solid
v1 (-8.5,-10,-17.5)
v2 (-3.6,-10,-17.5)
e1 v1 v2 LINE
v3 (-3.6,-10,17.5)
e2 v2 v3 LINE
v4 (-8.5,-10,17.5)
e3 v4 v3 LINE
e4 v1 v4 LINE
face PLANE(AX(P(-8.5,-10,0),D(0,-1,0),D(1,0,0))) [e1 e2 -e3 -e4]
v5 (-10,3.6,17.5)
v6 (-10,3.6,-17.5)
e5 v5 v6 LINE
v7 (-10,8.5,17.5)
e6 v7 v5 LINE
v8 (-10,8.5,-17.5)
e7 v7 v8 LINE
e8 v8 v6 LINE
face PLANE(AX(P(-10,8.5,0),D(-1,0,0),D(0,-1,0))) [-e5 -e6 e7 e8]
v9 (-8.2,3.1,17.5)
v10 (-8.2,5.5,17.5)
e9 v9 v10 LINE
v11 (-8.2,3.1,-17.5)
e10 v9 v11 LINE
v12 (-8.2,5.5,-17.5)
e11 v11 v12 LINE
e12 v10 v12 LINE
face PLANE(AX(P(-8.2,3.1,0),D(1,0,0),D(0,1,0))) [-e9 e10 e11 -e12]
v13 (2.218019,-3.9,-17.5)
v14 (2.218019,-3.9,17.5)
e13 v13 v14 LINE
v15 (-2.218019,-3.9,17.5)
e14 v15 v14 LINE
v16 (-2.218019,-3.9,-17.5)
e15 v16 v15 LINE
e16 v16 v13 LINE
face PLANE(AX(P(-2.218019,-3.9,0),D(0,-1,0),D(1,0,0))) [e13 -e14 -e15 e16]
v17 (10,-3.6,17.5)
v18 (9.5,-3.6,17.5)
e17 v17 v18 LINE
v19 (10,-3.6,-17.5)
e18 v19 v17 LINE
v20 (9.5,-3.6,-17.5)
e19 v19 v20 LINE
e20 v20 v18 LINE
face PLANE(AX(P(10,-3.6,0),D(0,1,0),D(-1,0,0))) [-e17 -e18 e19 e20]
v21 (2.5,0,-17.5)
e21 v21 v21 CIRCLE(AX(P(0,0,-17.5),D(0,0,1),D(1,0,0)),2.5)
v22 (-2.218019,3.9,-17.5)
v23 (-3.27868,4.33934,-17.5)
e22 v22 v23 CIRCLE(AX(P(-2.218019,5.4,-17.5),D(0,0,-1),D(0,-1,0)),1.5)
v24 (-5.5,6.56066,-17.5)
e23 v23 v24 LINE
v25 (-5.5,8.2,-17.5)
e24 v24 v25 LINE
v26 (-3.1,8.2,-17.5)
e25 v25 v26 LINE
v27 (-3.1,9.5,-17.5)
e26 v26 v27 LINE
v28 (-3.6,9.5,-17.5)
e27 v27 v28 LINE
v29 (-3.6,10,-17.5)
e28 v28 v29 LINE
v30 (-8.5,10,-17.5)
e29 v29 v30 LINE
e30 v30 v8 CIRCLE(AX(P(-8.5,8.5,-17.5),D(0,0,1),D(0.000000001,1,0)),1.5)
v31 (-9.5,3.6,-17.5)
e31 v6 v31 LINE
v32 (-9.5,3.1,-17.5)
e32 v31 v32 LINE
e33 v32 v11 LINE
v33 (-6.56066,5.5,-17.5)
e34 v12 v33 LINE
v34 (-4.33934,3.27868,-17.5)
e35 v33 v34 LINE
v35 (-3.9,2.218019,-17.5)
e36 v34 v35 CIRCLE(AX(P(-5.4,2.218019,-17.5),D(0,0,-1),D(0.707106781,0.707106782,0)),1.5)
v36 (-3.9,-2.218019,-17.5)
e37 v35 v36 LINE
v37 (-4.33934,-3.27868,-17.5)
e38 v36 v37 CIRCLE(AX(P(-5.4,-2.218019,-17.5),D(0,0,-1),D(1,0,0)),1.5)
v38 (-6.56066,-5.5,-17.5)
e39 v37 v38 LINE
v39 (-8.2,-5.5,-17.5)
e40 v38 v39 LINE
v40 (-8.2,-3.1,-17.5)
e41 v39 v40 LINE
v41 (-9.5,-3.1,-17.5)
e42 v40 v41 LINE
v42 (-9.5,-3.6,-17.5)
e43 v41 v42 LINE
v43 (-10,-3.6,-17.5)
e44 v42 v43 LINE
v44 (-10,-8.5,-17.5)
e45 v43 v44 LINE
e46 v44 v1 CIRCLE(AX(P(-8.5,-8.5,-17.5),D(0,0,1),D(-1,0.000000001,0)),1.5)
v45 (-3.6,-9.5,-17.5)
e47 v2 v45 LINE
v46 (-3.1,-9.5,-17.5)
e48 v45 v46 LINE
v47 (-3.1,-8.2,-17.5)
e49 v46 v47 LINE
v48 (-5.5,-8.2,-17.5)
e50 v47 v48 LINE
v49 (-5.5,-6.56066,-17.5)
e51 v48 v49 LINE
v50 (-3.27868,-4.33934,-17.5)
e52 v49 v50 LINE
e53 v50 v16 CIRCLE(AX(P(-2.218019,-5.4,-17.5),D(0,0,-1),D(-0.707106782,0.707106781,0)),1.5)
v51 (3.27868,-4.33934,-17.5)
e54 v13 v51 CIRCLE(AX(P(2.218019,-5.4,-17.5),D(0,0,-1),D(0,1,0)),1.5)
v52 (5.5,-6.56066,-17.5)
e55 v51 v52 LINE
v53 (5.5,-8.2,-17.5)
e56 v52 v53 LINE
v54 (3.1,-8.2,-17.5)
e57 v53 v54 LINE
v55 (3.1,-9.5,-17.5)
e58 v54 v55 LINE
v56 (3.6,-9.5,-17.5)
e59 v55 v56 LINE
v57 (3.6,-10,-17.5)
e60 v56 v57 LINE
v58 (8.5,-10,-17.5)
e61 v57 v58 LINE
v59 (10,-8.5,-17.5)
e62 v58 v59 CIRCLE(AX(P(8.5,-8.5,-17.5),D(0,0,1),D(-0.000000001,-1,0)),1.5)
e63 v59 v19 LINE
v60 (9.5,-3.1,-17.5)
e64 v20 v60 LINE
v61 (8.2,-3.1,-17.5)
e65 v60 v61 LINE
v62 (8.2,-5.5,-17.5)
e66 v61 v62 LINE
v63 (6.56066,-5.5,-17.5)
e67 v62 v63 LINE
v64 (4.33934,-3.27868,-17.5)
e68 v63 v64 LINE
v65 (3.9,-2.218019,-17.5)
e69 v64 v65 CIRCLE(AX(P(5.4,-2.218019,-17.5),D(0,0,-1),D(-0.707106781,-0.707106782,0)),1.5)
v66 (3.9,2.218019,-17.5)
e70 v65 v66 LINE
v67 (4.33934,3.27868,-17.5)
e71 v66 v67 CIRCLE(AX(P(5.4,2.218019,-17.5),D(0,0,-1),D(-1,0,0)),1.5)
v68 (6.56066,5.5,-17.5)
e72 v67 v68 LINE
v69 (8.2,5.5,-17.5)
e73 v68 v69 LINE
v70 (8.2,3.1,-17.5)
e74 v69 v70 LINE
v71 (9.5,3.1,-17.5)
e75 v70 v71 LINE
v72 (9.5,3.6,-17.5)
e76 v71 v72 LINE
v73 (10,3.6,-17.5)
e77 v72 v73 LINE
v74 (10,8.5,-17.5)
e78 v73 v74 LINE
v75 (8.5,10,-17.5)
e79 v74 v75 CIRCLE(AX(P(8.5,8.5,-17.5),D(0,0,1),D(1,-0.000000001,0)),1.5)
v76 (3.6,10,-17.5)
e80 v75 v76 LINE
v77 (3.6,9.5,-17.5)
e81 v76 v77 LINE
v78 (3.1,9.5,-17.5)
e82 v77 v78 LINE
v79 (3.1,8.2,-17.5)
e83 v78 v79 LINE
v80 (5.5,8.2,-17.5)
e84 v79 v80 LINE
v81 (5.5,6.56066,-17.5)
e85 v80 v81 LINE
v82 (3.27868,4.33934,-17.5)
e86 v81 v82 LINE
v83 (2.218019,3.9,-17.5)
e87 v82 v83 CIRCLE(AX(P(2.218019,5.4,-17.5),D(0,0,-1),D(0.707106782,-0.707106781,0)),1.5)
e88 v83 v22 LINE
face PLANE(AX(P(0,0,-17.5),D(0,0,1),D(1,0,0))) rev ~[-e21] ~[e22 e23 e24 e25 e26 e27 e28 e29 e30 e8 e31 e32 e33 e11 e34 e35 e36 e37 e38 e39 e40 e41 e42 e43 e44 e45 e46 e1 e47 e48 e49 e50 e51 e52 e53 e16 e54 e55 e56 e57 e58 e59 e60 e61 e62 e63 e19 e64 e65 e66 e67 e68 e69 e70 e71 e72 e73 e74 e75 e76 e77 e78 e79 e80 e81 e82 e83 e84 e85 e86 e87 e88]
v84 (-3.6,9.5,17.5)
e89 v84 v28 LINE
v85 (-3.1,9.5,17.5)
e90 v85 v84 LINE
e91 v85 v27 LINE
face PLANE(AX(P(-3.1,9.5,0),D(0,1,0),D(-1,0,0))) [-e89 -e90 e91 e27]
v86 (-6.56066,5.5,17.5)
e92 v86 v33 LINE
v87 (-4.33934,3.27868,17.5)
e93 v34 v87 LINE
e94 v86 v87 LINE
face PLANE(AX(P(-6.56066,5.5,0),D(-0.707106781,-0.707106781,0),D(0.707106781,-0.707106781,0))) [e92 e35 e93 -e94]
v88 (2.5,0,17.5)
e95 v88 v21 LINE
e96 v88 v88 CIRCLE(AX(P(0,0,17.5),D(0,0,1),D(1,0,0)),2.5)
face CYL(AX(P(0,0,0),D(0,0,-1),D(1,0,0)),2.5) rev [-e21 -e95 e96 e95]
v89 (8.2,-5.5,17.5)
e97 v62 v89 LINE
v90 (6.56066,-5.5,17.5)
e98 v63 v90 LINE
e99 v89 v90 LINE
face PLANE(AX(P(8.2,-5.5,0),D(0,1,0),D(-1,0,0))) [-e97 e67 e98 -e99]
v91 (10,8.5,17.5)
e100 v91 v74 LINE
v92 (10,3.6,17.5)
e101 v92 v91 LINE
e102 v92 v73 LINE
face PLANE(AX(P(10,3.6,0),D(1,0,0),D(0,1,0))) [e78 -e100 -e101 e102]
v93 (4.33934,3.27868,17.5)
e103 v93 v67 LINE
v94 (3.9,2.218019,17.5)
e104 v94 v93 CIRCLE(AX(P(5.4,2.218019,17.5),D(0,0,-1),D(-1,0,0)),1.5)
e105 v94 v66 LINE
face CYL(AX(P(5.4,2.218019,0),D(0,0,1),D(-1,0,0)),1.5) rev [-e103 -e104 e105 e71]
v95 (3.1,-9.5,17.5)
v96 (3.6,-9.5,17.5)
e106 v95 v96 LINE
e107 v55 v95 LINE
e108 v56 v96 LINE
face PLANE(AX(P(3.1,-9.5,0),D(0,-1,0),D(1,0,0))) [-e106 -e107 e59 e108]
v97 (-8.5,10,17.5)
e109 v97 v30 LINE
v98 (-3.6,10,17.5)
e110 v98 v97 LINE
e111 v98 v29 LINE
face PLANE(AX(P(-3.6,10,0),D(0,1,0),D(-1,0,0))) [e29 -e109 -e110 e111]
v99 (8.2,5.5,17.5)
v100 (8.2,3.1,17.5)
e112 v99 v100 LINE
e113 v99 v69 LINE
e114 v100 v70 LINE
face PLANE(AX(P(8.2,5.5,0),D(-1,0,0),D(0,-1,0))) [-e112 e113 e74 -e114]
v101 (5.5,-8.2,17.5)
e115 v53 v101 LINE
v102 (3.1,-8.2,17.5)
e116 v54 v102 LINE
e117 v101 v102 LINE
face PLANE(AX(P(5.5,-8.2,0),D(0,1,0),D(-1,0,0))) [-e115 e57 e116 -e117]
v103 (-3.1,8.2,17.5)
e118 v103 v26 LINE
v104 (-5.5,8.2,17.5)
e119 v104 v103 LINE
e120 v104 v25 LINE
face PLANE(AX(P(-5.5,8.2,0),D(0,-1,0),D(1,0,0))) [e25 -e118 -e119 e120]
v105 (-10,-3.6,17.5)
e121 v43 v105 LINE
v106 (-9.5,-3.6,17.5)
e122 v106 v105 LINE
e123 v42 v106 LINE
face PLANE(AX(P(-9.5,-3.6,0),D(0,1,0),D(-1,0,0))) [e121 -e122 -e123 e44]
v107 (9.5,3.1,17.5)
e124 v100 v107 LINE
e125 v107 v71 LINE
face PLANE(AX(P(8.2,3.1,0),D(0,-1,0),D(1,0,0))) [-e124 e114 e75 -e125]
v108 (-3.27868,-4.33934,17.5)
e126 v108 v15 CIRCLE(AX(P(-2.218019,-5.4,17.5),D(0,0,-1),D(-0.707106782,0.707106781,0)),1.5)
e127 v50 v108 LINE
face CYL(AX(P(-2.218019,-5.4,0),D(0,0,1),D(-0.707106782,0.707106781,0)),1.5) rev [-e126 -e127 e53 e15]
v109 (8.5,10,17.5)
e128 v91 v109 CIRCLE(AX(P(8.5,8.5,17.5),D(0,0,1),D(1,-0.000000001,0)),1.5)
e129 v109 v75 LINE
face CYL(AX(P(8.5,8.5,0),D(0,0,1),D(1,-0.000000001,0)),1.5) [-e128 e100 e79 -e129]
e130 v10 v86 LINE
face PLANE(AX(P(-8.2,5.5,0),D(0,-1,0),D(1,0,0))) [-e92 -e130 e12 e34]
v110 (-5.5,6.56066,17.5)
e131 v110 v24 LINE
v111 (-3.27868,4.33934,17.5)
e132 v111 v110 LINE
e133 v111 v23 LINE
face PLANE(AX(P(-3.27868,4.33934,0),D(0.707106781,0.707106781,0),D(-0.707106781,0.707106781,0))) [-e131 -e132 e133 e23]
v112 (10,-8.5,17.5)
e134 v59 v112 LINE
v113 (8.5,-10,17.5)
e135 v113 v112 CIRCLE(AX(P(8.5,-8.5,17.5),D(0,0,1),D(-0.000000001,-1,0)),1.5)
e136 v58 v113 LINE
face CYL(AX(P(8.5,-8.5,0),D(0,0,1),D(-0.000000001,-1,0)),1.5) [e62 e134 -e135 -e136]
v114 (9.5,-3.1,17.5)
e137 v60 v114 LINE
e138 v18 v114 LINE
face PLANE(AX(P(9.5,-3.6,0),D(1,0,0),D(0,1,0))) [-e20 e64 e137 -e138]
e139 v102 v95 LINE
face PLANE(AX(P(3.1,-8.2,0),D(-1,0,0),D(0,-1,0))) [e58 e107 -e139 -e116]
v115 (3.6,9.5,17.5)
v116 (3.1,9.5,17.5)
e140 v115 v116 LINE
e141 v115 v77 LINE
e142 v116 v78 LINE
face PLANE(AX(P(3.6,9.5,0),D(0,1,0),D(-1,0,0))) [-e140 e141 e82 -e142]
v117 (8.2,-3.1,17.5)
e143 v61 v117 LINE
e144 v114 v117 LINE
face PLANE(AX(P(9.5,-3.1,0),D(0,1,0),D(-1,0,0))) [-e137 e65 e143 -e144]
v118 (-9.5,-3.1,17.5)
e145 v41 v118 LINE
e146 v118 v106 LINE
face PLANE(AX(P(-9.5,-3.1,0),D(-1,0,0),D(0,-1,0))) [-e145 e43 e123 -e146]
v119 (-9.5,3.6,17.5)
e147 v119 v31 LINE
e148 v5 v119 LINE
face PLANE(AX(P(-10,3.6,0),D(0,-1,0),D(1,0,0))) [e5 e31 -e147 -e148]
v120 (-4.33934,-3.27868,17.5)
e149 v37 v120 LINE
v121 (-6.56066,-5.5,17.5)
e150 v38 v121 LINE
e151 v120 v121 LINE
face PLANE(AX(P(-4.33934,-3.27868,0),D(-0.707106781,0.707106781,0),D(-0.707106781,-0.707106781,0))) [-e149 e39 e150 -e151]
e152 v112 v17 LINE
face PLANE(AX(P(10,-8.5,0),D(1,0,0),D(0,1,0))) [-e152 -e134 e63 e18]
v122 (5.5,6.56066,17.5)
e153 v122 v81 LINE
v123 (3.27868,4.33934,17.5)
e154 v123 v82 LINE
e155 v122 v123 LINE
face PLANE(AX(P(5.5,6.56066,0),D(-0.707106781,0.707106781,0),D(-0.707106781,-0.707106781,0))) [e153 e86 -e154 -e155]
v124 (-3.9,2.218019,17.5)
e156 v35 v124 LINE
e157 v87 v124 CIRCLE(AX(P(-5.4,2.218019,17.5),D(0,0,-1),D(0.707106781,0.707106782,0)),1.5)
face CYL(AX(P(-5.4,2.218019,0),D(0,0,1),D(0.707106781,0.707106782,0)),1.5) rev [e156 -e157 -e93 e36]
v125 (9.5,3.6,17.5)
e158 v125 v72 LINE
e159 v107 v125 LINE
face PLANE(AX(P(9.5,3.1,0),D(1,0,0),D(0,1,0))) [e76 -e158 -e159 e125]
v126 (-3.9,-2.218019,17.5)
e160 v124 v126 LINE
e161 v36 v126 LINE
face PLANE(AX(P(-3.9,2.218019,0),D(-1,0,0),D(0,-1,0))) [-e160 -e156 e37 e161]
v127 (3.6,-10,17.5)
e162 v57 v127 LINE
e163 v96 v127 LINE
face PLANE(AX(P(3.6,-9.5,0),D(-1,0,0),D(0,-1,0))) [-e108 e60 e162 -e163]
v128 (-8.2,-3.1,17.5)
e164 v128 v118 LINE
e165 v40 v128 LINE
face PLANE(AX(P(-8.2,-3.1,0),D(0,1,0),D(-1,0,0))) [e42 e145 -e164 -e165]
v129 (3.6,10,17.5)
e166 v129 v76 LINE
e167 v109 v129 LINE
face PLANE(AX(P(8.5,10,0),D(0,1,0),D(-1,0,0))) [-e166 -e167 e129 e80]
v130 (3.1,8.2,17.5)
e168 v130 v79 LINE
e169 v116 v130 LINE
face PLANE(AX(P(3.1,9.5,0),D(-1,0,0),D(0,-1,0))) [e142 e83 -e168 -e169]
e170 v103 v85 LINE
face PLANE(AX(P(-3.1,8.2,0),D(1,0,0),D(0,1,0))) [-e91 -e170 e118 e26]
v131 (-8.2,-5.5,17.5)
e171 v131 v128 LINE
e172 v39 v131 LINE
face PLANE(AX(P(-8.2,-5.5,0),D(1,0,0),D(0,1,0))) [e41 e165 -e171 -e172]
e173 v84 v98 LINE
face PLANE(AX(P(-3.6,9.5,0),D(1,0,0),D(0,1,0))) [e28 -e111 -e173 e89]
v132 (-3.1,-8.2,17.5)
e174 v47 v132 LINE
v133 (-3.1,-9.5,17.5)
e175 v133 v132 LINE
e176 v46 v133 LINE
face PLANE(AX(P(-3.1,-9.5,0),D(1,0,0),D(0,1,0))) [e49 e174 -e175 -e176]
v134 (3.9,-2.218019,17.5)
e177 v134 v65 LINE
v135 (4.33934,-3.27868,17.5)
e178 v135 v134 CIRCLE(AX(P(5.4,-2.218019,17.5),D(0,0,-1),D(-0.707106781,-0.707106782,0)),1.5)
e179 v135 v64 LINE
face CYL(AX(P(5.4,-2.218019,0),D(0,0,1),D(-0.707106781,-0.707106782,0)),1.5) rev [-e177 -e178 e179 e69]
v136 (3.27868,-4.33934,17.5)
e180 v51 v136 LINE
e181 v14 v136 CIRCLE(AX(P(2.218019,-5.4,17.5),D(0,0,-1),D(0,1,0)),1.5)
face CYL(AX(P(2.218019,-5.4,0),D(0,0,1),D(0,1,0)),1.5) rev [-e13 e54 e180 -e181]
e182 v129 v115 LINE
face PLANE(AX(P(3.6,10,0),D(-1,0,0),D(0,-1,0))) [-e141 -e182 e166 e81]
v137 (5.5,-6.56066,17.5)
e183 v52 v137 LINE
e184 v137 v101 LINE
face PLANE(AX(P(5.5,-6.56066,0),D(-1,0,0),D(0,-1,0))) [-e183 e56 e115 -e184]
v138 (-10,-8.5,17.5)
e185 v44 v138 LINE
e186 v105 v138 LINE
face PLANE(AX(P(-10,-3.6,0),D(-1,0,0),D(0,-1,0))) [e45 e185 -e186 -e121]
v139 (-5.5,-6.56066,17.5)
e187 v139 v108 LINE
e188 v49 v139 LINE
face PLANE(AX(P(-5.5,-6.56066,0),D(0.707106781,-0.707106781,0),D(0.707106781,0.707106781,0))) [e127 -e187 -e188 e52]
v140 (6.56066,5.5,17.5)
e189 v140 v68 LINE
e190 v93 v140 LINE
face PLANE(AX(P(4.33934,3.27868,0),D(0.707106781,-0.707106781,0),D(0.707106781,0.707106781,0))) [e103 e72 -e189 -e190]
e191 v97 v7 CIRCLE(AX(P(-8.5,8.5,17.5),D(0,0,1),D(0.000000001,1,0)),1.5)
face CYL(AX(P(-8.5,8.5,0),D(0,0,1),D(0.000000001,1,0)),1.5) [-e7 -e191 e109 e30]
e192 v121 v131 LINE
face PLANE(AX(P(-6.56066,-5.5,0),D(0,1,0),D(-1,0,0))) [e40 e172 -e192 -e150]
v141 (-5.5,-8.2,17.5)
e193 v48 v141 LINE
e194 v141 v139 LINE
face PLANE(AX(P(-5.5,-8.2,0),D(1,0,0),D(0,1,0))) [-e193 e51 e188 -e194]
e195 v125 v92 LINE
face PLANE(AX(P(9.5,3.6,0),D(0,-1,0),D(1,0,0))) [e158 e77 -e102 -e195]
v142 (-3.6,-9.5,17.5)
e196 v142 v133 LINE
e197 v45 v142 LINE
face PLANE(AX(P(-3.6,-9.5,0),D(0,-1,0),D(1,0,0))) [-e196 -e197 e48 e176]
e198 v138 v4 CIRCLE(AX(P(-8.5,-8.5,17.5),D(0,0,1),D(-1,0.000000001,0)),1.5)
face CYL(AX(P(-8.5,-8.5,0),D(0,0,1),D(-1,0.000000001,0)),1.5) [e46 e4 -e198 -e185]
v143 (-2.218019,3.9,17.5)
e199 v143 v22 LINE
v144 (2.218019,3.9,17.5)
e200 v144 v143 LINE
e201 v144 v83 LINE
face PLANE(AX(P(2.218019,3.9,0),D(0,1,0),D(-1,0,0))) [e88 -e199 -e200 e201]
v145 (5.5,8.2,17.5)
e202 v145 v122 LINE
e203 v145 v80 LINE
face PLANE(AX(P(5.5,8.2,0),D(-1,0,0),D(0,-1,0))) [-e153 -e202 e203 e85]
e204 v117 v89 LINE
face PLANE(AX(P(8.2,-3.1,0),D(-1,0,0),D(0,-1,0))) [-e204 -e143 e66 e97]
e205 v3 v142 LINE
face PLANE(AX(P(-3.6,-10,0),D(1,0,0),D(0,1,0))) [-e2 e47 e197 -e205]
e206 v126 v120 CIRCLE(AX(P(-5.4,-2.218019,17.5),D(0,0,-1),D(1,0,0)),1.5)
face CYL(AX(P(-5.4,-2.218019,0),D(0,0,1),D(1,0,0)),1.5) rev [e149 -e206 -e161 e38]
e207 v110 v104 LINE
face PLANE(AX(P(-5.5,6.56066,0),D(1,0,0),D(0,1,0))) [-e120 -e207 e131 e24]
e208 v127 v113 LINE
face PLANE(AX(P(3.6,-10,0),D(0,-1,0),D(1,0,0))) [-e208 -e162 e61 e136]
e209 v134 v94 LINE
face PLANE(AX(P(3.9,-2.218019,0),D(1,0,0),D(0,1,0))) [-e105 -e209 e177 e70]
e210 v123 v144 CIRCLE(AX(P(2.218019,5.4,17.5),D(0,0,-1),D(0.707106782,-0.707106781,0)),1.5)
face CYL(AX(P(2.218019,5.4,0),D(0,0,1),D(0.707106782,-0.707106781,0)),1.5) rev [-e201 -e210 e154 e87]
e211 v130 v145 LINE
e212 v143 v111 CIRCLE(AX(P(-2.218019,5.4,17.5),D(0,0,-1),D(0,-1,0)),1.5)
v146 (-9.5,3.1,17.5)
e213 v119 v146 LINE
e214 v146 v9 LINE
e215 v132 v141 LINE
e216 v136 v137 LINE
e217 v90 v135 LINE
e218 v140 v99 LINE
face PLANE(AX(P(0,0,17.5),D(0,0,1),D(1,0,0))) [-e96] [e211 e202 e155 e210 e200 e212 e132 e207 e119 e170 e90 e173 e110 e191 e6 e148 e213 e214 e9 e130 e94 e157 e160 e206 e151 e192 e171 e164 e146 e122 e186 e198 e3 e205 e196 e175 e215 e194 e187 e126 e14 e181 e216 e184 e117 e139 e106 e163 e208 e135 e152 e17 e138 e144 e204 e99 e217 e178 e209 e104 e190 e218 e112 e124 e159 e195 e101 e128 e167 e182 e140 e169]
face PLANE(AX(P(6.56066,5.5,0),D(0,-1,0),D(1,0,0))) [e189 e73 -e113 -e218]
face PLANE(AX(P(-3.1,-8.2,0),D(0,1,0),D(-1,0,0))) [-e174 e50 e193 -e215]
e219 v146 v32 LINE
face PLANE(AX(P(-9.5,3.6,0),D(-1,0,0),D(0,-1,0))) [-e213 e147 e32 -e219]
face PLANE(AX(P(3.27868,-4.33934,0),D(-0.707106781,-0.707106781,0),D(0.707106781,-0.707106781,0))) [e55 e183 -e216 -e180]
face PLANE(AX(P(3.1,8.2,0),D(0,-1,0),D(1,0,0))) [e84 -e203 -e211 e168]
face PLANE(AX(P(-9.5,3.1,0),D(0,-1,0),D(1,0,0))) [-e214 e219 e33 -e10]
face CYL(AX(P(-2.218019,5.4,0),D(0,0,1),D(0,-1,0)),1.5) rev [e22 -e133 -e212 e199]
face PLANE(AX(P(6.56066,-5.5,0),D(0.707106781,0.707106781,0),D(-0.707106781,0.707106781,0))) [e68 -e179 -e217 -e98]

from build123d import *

# Parameters (mm, degrees)
SKETCH_1_R      = 2.5
EXTRUDE_1_DEPTH = 17.5


with BuildPart() as part:
    # 草图1 → 凸台-拉伸1 (new, symmetric)
    with BuildSketch(Plane.XY):
        with BuildLine():
            Line((-6.560660172, 5.5), (-4.339339828, 3.278679656))
            ThreePointArc((-4.339339828, 3.278679656), (-4.014180701, 2.792044633), (-3.9, 2.218019485))
            Line((-3.9, 2.218019485), (-3.9, -2.218019485))
            ThreePointArc((-3.9, -2.218019485), (-4.014180701, -2.792044633), (-4.339339828, -3.278679656))
            Line((-4.339339828, -3.278679656), (-6.560660172, -5.5))
            Line((-6.560660172, -5.5), (-8.2, -5.5))
            Line((-8.2, -5.5), (-8.2, -3.1))
            Line((-8.2, -3.1), (-9.5, -3.1))
            Line((-9.5, -3.1), (-9.5, -3.6))
            Line((-9.5, -3.6), (-10, -3.6))
            Line((-10, -3.6), (-10, -8.5))
            ThreePointArc((-10, -8.5), (-9.560660172, -9.560660172), (-8.5, -10))
            Line((-8.5, -10), (-3.6, -10))
            Line((-3.6, -10), (-3.6, -9.5))
            Line((-3.6, -9.5), (-3.1, -9.5))
            Line((-3.1, -9.5), (-3.1, -8.2))
            Line((-3.1, -8.2), (-5.5, -8.2))
            Line((-5.5, -8.2), (-5.5, -6.560660172))
            Line((-5.5, -6.560660172), (-3.278679656, -4.339339828))
            ThreePointArc((-3.278679656, -4.339339828), (-2.792044633, -4.014180701), (-2.218019485, -3.9))
            Line((-2.218019485, -3.9), (2.218019485, -3.9))
            ThreePointArc((2.218019485, -3.9), (2.792044633, -4.014180701), (3.278679656, -4.339339828))
            Line((3.278679656, -4.339339828), (5.5, -6.560660172))
            Line((5.5, -6.560660172), (5.5, -8.2))
            Line((5.5, -8.2), (3.1, -8.2))
            Line((3.1, -8.2), (3.1, -9.5))
            Line((3.1, -9.5), (3.6, -9.5))
            Line((3.6, -9.5), (3.6, -10))
            Line((3.6, -10), (8.5, -10))
            ThreePointArc((8.5, -10), (9.560660172, -9.560660172), (10, -8.5))
            Line((10, -8.5), (10, -3.6))
            Line((10, -3.6), (9.5, -3.6))
            Line((9.5, -3.6), (9.5, -3.1))
            Line((9.5, -3.1), (8.2, -3.1))
            Line((8.2, -3.1), (8.2, -5.5))
            Line((8.2, -5.5), (6.560660172, -5.5))
            Line((6.560660172, -5.5), (4.339339828, -3.278679656))
            ThreePointArc((4.339339828, -3.278679656), (4.014180701, -2.792044633), (3.9, -2.218019485))
            Line((3.9, -2.218019485), (3.9, 2.218019485))
            ThreePointArc((3.9, 2.218019485), (4.014180701, 2.792044633), (4.339339828, 3.278679656))
            Line((4.339339828, 3.278679656), (6.560660172, 5.5))
            Line((6.560660172, 5.5), (8.2, 5.5))
            Line((8.2, 5.5), (8.2, 3.1))
            Line((8.2, 3.1), (9.5, 3.1))
            Line((9.5, 3.1), (9.5, 3.6))
            Line((9.5, 3.6), (10, 3.6))
            Line((10, 3.6), (10, 8.5))
            ThreePointArc((10, 8.5), (9.560660172, 9.560660172), (8.5, 10))
            Line((8.5, 10), (3.6, 10))
            Line((3.6, 10), (3.6, 9.5))
            Line((3.6, 9.5), (3.1, 9.5))
            Line((3.1, 9.5), (3.1, 8.2))
            Line((3.1, 8.2), (5.5, 8.2))
            Line((5.5, 8.2), (5.5, 6.560660172))
            Line((5.5, 6.560660172), (3.278679656, 4.339339828))
            ThreePointArc((3.278679656, 4.339339828), (2.792044633, 4.014180701), (2.218019485, 3.9))
            Line((2.218019485, 3.9), (-2.218019485, 3.9))
            ThreePointArc((-2.218019485, 3.9), (-2.792044633, 4.014180701), (-3.278679656, 4.339339828))
            Line((-3.278679656, 4.339339828), (-5.5, 6.560660172))
            Line((-5.5, 6.560660172), (-5.5, 8.2))
            Line((-5.5, 8.2), (-3.1, 8.2))
            Line((-3.1, 8.2), (-3.1, 9.5))
            Line((-3.1, 9.5), (-3.6, 9.5))
            Line((-3.6, 9.5), (-3.6, 10))
            Line((-3.6, 10), (-8.5, 10))
            ThreePointArc((-8.5, 10), (-9.560660172, 9.560660172), (-10, 8.5))
            Line((-10, 8.5), (-10, 3.6))
            Line((-10, 3.6), (-9.5, 3.6))
            Line((-9.5, 3.6), (-9.5, 3.1))
            Line((-9.5, 3.1), (-8.2, 3.1))
            Line((-8.2, 3.1), (-8.2, 5.5))
            Line((-8.2, 5.5), (-6.560660172, 5.5))
        make_face()
        Circle(SKETCH_1_R, mode=Mode.SUBTRACT)
    extrude(amount=EXTRUDE_1_DEPTH, both=True)


solid = part.part
